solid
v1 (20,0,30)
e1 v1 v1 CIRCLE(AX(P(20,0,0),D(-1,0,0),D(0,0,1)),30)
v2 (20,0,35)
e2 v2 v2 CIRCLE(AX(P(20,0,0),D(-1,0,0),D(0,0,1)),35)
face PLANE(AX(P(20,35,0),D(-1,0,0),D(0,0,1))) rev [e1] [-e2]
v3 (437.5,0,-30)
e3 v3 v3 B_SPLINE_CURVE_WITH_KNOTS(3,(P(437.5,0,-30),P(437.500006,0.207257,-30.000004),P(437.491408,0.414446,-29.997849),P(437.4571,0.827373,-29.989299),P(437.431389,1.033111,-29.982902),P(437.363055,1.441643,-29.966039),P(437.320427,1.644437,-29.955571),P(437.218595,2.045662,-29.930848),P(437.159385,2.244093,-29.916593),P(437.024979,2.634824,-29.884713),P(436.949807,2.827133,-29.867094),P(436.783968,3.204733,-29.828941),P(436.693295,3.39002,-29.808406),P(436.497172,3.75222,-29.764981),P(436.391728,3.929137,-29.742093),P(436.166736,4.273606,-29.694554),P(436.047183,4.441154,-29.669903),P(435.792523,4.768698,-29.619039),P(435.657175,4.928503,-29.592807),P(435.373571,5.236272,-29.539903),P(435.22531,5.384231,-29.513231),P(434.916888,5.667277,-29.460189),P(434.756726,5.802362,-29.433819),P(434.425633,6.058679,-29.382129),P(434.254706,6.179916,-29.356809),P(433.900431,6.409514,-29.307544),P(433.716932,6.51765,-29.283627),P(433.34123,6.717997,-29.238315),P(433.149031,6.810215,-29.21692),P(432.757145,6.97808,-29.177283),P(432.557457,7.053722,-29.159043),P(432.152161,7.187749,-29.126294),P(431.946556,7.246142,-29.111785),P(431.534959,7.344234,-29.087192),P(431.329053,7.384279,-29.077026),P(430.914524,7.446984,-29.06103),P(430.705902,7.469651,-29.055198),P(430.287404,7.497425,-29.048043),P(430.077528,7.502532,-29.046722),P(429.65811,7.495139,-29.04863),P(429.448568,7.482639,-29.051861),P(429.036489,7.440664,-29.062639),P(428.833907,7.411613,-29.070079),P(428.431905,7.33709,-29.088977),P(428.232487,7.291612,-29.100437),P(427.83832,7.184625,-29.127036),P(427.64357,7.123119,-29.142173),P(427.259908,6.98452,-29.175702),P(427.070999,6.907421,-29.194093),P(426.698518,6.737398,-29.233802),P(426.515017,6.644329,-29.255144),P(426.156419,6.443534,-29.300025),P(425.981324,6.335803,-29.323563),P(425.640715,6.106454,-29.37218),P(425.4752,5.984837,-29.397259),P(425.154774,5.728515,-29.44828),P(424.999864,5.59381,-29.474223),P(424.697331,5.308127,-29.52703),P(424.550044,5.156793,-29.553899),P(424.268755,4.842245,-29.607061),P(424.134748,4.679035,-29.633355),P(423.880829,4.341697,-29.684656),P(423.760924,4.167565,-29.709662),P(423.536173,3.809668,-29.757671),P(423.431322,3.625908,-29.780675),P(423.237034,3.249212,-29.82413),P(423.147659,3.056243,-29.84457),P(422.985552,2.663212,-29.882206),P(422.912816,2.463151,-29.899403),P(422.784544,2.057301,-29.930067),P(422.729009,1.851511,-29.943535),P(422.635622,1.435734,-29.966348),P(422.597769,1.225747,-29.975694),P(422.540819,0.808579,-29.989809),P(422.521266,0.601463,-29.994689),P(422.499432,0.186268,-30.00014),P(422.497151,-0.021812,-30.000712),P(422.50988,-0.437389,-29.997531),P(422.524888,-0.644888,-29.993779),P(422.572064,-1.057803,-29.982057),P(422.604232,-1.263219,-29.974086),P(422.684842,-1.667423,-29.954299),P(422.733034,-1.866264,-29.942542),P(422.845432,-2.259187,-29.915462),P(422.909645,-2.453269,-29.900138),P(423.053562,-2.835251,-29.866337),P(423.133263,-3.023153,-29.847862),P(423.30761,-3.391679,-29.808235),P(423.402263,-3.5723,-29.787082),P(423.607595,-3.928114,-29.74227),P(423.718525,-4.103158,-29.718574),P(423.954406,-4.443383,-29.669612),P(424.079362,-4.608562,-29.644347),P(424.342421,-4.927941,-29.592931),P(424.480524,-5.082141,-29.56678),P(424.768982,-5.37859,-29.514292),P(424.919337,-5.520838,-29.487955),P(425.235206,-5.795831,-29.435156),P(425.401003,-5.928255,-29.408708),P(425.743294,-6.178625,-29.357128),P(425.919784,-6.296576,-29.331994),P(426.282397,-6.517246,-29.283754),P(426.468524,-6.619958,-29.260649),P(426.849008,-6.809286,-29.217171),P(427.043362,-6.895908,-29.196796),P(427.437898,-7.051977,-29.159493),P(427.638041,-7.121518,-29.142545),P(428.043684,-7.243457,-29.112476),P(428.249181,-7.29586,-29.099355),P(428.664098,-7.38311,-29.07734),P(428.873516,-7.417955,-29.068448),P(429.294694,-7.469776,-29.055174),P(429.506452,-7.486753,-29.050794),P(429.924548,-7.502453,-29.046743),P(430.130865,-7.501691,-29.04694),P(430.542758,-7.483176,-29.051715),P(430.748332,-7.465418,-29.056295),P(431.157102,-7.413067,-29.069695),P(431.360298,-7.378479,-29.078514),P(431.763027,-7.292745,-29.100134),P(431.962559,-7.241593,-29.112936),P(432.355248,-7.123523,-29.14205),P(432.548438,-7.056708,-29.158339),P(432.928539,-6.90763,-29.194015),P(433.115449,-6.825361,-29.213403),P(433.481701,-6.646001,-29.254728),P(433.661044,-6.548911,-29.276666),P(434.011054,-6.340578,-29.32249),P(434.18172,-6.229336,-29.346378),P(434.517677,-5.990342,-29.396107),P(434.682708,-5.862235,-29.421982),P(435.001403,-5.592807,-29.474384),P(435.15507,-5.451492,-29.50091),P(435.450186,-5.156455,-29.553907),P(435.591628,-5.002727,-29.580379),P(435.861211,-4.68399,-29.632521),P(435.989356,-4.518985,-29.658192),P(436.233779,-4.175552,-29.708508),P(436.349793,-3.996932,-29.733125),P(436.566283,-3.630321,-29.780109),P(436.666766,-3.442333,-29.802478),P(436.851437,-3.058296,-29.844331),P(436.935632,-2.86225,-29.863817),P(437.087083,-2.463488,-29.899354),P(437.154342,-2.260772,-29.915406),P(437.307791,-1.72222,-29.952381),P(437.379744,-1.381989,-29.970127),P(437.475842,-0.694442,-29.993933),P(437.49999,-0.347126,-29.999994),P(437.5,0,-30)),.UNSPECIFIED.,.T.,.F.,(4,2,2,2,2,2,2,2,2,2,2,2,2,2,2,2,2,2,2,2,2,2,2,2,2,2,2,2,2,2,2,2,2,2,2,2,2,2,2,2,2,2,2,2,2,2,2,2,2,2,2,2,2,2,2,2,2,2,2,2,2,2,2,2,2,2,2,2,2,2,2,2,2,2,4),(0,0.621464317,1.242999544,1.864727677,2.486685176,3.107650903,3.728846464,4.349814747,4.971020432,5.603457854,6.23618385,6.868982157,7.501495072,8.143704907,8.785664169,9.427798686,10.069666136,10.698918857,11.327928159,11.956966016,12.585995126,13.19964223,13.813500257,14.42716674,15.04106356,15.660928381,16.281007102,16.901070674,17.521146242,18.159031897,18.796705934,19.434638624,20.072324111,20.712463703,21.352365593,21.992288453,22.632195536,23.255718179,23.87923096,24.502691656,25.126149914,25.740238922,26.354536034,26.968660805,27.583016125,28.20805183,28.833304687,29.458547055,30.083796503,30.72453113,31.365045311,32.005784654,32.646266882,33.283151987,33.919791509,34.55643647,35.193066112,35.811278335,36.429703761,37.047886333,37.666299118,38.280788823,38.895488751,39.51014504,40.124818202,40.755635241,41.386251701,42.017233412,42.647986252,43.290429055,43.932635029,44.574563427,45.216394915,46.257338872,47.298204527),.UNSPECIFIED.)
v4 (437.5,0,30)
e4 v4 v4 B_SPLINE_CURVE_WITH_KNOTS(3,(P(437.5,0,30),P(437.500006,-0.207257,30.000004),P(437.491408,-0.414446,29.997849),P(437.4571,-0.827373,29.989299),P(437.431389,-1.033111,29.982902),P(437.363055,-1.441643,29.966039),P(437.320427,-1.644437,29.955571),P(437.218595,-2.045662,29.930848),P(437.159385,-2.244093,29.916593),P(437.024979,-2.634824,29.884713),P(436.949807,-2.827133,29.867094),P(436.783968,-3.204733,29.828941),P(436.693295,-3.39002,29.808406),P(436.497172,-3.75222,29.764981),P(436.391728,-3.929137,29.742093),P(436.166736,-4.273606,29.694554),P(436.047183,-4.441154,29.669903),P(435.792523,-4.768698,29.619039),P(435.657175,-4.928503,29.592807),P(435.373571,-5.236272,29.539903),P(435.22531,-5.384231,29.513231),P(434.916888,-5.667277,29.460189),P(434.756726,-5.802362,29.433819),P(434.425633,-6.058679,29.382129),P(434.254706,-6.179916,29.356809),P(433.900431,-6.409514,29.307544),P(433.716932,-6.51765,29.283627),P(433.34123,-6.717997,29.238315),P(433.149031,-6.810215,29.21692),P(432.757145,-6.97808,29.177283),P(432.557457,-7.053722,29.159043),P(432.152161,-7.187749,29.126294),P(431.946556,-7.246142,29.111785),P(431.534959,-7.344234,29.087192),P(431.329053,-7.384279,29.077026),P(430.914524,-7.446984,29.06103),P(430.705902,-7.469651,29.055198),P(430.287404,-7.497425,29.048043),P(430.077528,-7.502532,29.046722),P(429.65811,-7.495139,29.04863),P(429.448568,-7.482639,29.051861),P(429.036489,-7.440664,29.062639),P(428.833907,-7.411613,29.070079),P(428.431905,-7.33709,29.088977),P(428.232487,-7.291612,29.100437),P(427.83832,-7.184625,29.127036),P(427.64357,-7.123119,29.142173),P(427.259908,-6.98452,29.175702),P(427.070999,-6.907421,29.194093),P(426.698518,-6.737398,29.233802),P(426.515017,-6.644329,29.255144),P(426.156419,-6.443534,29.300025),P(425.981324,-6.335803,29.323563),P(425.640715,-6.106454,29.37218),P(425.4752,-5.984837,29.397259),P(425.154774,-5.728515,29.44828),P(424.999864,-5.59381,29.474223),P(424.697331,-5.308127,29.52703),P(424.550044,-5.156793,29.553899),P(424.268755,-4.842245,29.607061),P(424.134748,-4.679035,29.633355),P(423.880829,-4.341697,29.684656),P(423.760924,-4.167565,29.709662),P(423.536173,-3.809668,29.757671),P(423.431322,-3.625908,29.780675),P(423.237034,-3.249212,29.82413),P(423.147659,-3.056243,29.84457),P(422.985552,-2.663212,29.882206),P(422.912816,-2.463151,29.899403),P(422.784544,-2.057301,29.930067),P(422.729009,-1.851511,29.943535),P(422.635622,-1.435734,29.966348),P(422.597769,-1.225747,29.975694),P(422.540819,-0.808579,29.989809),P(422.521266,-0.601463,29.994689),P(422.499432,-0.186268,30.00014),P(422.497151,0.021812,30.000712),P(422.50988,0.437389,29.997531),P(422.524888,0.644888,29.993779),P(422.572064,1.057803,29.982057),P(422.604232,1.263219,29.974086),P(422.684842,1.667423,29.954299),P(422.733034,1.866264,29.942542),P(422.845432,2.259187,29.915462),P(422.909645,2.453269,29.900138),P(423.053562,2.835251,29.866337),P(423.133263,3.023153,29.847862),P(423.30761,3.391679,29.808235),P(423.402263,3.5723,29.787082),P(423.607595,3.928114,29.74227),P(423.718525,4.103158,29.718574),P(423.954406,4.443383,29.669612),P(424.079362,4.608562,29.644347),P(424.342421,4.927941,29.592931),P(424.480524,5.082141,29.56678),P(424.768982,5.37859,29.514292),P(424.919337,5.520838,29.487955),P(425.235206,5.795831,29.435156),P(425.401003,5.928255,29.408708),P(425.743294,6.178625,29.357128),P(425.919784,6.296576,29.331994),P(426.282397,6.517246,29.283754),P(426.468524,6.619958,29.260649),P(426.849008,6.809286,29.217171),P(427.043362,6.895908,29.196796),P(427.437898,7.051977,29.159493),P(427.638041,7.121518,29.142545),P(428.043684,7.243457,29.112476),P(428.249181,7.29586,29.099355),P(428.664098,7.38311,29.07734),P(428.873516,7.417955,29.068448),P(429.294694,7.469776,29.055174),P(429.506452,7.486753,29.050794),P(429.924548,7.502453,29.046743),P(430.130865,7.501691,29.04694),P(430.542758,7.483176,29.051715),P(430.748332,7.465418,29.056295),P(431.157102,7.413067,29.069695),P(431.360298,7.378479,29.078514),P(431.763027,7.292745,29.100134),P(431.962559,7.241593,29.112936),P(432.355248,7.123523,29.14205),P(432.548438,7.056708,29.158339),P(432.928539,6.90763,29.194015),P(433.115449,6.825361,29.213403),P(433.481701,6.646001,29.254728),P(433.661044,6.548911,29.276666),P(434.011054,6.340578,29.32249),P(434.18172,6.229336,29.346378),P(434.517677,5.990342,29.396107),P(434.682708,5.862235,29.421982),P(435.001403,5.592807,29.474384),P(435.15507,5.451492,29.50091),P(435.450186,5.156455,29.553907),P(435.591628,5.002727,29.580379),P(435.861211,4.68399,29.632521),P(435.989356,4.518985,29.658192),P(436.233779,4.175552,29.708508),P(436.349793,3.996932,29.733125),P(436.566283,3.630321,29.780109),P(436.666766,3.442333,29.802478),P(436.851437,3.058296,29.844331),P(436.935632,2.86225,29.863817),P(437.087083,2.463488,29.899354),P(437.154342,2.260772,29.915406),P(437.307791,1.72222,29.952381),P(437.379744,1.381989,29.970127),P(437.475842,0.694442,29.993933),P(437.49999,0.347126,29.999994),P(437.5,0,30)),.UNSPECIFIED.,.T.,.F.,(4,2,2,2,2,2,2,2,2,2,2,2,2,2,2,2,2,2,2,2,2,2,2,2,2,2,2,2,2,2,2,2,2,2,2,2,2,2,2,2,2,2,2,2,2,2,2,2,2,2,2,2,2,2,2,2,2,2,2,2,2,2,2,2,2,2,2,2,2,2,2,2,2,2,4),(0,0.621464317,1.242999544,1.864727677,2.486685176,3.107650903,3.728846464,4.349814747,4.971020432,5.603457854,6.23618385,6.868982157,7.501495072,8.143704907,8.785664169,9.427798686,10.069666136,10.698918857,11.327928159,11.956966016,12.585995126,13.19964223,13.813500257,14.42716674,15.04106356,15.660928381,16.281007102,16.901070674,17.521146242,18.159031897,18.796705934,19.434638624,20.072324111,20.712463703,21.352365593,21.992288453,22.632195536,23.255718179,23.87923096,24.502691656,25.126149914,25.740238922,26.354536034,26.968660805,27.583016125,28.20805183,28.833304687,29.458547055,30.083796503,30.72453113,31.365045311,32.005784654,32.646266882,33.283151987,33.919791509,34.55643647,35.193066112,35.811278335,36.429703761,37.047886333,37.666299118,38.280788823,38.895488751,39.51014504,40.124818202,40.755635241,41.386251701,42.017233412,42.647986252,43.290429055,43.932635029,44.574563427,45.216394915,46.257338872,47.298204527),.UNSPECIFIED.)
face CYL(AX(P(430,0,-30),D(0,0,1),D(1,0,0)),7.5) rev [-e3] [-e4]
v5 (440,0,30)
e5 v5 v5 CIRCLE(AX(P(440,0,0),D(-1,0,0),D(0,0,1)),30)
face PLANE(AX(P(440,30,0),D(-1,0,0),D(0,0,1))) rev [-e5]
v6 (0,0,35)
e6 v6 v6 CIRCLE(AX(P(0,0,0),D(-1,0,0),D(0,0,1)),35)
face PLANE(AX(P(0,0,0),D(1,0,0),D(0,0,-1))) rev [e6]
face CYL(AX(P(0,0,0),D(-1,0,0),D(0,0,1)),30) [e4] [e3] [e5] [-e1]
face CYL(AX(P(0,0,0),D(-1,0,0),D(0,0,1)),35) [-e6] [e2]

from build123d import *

# Parameters (mm, degrees)
IZIM2_R               = 7.5
KES_EKSTR_ZYON1_DEPTH = 30


with BuildPart() as part:
    # Çizim1 → Döndür1 (revolve)
    with BuildSketch(Plane.XY, mode=Mode.PRIVATE) as d_nd_r1_sk:
        Polygon((0, 0), (0, 35), (20, 35), (20, 30), (440, 30), (440, 0), align=None)
    revolve(d_nd_r1_sk.sketch.rotate(Axis((0, 0, 0), (1, 0, 0)), 90), axis=Axis((0, 0, 0), (1, 0, 0)))

    # Çizim2 → Kes-Ekstrüzyon1 (cut, symmetric)
    with BuildSketch(Plane.XY):
        with Locations((430, 0)):
            Circle(IZIM2_R)
    extrude(amount=KES_EKSTR_ZYON1_DEPTH, both=True, mode=Mode.SUBTRACT)


solid = part.part
